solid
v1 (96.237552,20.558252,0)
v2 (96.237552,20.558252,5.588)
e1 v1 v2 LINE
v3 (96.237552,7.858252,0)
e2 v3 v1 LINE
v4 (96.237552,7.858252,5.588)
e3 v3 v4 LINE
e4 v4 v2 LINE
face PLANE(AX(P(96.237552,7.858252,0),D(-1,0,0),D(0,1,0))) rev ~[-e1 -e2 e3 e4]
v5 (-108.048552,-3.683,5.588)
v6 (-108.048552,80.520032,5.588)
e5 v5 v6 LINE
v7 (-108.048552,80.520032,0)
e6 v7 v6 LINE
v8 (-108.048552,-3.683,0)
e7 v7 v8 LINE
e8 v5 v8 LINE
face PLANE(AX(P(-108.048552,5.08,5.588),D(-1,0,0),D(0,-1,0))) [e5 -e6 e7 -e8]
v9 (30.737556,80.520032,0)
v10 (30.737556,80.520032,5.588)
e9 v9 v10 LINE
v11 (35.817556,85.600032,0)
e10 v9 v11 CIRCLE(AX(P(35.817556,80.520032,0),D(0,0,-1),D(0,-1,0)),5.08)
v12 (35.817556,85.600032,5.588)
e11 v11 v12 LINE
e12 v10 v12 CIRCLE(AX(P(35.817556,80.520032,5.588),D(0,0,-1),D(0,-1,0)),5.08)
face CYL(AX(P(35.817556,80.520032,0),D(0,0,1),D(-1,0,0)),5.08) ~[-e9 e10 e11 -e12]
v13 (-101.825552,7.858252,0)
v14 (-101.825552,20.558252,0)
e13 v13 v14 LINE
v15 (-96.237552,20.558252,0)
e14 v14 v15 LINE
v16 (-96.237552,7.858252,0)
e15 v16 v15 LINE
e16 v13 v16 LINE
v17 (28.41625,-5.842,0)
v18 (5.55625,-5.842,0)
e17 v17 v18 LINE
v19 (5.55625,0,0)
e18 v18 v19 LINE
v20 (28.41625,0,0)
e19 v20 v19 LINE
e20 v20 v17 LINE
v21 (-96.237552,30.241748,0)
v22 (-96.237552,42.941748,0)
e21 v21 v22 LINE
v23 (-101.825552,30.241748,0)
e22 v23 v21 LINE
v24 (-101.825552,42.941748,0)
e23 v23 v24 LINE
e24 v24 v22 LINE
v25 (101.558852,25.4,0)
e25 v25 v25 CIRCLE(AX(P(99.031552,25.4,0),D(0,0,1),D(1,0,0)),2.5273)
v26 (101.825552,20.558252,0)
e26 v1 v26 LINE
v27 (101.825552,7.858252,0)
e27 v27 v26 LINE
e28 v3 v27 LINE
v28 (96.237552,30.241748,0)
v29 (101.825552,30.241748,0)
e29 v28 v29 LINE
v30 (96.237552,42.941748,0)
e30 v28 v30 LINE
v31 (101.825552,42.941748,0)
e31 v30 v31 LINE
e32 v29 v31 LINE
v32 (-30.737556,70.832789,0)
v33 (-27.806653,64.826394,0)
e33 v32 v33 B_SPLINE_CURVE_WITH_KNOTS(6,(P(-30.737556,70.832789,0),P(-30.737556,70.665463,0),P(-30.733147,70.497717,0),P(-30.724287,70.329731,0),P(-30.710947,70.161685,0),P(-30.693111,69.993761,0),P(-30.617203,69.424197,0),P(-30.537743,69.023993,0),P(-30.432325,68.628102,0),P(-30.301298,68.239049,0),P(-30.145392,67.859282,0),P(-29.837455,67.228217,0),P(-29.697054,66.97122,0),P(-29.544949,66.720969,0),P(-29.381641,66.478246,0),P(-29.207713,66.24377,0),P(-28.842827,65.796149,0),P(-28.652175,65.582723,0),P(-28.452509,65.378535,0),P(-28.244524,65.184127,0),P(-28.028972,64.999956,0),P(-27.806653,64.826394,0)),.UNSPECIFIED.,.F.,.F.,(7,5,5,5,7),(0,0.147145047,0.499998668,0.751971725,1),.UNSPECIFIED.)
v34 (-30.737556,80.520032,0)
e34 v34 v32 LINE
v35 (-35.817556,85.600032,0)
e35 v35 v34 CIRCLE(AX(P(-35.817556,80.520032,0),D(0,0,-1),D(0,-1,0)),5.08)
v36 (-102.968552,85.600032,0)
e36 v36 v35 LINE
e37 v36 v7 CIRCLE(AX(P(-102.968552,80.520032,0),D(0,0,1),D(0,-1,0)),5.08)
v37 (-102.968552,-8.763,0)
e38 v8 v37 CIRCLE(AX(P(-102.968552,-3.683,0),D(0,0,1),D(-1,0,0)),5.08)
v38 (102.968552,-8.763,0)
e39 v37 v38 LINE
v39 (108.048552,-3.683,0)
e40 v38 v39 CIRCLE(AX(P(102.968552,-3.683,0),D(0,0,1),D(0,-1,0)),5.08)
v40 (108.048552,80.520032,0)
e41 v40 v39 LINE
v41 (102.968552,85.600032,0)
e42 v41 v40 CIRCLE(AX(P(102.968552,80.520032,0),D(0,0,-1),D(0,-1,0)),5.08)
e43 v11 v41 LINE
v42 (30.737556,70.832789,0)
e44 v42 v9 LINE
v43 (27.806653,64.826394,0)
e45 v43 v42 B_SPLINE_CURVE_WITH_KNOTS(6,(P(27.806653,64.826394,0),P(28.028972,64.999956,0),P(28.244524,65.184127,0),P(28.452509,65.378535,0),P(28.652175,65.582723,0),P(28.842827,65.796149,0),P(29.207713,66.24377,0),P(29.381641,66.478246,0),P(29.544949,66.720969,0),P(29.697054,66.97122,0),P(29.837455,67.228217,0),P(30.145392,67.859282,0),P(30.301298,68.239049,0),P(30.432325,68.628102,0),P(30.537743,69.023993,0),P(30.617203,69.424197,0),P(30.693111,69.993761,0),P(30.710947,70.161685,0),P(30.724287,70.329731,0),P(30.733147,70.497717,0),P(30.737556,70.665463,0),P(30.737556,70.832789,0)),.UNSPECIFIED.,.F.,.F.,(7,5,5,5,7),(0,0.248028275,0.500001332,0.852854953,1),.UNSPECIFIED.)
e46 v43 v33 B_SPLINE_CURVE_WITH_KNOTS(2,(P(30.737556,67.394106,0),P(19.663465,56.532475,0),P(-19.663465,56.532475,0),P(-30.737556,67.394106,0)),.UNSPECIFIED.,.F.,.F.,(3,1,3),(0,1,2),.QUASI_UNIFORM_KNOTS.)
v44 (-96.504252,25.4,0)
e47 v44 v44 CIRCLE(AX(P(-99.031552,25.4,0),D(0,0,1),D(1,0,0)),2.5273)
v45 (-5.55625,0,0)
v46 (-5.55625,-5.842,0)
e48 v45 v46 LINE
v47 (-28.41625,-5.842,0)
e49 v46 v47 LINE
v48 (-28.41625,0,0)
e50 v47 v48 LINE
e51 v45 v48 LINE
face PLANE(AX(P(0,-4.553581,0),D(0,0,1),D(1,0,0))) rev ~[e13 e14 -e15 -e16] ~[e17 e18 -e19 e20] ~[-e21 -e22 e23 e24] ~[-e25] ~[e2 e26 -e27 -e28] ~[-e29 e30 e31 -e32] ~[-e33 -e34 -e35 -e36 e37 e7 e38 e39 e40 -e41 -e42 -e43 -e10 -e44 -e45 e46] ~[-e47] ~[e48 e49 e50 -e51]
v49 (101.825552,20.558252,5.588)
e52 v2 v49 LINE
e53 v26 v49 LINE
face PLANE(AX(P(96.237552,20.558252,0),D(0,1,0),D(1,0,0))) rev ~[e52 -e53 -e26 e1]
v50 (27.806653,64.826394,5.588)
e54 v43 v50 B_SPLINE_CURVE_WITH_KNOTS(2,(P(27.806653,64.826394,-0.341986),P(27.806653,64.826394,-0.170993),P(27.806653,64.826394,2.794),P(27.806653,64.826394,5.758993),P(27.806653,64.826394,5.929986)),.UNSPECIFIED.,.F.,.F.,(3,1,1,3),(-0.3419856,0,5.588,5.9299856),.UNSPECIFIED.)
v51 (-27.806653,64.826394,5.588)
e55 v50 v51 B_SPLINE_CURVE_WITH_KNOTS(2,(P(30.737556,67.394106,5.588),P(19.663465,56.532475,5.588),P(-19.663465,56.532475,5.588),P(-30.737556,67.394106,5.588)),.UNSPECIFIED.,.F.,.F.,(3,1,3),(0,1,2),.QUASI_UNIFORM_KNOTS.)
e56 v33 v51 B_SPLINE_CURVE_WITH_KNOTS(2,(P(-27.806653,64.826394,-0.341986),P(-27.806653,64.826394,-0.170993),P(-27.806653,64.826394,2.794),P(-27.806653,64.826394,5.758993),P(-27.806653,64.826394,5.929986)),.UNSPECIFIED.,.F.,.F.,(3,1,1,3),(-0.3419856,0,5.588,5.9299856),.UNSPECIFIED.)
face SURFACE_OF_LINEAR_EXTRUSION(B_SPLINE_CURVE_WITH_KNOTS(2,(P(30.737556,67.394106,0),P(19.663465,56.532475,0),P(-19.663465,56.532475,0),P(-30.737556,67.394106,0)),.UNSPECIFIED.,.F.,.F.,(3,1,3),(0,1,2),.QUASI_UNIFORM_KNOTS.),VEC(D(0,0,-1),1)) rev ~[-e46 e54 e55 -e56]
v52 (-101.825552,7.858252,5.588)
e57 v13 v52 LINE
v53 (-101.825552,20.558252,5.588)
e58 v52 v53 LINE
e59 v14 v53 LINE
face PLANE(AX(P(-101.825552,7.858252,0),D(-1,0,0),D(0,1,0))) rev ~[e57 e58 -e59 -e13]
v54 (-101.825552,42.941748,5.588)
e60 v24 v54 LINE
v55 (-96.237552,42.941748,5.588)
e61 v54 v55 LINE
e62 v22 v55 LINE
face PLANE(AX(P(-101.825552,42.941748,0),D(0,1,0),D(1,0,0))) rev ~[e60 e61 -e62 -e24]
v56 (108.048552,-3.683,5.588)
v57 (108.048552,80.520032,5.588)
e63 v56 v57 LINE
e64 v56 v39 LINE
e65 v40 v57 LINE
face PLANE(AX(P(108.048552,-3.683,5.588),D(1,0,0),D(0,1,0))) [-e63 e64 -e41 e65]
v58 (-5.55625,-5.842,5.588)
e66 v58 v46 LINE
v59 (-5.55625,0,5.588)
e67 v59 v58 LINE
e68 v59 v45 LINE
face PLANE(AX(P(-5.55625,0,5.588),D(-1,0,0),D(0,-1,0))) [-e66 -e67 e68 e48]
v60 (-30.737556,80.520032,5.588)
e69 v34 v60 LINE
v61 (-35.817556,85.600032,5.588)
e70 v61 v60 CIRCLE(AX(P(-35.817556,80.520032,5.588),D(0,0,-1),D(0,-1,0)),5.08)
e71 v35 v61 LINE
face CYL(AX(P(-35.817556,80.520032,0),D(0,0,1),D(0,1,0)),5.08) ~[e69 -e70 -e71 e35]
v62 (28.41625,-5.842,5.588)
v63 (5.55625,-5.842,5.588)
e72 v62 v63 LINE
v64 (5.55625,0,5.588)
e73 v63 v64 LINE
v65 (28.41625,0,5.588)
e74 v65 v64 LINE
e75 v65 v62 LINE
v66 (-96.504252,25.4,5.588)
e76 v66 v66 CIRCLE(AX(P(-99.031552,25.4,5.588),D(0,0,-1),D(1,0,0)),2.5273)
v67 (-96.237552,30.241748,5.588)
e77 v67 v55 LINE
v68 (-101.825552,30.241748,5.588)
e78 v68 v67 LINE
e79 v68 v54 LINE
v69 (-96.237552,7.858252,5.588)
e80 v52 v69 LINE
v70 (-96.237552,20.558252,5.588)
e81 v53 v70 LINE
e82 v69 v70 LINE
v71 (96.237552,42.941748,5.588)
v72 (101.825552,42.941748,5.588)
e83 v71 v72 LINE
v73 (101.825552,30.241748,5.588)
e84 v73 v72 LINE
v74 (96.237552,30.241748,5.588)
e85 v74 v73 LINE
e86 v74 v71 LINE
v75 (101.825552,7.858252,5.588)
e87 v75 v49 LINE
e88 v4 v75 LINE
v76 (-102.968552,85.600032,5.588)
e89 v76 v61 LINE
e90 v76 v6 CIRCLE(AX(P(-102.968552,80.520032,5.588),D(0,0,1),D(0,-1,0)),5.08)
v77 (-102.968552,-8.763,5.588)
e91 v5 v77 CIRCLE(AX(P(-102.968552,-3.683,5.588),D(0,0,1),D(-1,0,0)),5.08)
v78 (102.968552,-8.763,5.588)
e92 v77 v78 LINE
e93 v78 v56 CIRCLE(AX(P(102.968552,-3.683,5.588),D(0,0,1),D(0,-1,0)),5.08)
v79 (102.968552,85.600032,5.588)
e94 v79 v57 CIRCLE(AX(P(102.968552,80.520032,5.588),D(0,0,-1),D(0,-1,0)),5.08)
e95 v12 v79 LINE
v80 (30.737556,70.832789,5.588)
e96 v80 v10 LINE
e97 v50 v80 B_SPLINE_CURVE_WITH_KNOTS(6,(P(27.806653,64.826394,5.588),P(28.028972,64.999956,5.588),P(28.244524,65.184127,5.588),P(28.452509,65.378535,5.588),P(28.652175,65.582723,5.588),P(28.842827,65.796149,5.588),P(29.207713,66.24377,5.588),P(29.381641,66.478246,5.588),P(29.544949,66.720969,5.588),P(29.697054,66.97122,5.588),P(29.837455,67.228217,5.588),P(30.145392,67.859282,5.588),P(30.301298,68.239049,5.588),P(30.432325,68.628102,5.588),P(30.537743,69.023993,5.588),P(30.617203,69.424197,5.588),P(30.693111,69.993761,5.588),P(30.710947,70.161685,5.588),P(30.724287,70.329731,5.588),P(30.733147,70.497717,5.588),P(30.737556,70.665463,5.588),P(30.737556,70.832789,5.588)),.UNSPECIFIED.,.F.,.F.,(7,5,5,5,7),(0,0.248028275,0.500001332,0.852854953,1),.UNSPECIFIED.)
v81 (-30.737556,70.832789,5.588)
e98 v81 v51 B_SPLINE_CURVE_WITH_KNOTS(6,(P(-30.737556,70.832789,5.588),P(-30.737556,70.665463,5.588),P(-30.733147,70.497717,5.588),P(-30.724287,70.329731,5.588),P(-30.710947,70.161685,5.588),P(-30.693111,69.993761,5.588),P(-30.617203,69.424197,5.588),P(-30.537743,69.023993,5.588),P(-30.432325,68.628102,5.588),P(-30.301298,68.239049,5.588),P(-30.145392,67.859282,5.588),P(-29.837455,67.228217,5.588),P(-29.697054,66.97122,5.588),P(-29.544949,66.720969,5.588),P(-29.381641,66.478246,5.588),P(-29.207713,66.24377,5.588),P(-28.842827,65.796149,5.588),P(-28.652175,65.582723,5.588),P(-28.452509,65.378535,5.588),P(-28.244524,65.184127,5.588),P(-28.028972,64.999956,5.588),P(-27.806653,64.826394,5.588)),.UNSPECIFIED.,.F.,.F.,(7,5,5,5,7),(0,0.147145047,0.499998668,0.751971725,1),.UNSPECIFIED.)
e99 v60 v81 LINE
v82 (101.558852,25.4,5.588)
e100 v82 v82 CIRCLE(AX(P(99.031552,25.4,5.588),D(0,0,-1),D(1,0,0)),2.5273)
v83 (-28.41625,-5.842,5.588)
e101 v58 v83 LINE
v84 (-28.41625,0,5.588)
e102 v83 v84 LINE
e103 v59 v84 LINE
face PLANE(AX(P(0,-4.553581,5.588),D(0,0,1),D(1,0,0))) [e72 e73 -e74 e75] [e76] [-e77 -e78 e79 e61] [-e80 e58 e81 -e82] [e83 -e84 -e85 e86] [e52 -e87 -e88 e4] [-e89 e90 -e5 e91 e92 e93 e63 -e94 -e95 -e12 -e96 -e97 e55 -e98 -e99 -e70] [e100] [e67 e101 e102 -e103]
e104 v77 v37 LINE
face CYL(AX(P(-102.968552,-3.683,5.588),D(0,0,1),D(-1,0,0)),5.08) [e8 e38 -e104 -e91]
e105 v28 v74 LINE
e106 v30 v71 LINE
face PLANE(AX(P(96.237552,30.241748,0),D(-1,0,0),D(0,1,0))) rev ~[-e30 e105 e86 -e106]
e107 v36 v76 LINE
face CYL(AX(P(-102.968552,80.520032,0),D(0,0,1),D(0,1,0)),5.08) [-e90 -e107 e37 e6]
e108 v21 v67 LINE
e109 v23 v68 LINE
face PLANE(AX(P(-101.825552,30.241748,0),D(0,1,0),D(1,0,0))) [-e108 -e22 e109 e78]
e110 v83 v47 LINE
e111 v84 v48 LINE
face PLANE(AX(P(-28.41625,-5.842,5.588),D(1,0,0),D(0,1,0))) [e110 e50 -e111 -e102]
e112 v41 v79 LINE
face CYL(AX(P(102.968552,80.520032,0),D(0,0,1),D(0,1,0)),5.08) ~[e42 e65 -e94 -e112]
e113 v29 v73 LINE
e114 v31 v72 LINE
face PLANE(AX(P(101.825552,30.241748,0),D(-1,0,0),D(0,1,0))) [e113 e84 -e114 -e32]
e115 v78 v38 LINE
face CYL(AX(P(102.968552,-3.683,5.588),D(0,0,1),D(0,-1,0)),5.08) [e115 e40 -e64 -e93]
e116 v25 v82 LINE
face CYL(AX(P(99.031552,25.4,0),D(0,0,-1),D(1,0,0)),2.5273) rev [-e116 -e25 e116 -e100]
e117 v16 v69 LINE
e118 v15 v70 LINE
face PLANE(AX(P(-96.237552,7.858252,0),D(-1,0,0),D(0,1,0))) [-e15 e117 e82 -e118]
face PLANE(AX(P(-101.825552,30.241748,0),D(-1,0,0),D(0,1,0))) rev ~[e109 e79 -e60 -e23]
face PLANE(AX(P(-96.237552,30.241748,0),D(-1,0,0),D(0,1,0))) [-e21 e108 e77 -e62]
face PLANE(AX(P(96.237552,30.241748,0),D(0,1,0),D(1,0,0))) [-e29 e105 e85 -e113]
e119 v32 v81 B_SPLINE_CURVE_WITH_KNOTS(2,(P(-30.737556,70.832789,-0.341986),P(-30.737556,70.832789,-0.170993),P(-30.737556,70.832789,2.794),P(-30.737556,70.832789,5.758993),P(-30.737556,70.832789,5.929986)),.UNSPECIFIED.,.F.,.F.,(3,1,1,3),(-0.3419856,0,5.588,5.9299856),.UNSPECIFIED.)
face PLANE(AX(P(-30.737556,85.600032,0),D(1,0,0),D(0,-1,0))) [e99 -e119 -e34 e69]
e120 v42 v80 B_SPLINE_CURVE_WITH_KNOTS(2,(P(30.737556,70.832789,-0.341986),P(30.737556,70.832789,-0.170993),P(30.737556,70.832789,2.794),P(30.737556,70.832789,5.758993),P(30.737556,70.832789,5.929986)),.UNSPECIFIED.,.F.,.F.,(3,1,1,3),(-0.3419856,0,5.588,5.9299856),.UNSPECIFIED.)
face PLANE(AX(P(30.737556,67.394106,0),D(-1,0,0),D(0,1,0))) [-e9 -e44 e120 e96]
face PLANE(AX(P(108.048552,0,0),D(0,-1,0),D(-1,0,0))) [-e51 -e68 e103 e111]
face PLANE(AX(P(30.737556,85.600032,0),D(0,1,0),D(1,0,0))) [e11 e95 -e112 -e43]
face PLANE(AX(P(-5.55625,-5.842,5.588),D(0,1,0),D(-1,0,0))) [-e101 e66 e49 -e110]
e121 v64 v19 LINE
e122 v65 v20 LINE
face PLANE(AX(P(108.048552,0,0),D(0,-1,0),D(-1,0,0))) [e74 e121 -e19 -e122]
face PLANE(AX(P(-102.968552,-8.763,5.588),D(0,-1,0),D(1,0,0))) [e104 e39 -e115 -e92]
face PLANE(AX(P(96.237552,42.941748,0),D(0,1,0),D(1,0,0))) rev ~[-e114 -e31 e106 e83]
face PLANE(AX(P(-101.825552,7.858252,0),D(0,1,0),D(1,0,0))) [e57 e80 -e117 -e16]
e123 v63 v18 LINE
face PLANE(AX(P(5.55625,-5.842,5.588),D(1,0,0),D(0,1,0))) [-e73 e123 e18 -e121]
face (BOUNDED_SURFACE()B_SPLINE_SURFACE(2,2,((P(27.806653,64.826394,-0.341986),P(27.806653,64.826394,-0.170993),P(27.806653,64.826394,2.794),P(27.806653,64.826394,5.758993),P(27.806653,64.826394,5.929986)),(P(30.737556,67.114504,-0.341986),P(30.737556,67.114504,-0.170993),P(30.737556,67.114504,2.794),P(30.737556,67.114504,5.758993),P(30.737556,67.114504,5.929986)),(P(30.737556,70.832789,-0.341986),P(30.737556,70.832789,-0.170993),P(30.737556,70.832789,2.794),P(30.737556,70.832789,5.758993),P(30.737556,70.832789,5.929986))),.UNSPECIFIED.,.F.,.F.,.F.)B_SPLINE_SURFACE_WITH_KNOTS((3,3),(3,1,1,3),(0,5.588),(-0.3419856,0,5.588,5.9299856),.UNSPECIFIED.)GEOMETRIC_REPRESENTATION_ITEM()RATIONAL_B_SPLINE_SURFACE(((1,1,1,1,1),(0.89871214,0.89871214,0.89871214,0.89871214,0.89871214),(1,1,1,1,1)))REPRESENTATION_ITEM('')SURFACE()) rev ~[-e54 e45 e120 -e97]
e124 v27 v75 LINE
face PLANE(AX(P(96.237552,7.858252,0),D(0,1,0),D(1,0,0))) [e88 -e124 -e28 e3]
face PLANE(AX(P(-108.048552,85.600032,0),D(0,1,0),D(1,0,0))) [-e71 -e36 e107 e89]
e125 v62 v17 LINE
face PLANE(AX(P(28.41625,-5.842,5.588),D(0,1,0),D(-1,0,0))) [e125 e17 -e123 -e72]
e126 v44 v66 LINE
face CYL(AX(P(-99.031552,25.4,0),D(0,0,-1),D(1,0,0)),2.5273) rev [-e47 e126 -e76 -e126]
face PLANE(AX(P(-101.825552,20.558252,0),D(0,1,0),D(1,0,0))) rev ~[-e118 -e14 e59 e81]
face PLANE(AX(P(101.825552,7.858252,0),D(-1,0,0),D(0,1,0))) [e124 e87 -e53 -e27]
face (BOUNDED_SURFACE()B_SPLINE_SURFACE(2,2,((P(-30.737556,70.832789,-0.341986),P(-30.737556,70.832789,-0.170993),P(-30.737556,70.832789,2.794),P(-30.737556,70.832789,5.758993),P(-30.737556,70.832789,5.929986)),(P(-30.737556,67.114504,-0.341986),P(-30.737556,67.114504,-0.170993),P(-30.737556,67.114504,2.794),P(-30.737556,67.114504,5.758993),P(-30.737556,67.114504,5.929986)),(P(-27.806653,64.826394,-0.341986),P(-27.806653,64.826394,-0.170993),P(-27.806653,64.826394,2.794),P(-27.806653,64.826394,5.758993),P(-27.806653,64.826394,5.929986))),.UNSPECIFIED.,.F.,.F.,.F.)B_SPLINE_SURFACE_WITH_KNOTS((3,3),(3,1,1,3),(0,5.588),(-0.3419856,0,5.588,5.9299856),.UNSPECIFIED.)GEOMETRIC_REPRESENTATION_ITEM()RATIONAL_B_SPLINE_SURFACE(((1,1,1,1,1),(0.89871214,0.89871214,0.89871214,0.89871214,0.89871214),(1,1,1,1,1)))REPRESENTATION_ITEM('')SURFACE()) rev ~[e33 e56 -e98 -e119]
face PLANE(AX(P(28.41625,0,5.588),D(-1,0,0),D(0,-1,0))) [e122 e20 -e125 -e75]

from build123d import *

# Parameters (mm, degrees)
BOSS_EXTRUDE1_DEPTH = 5.588
FILLET1_R           = 5.08
FILLET3_R           = 7.62
SKETCH3_R           = 2.5273
SKETCH3_W           = 5.588
SKETCH3_H           = 12.7
CUT_EXTRUDE2_DEPTH  = 138.960432195
BOSS_EXTRUDE3_DEPTH = 5.588


with BuildPart() as part:
    # Sketch1 → Boss-Extrude1 (new body)
    with BuildSketch(Plane.XY):
        with BuildLine():
            Line((-108.048552, 85.600032), (-30.737556, 85.600032))
            Line((-30.737556, 85.600032), (-30.737556, 67.394105789))
            add(Edge.make_bspline(
                [(-30.737556, 67.394105789), (-19.663465212, 56.532474897), (0, 56.532474897)],
                knots=[0, 0, 0, 1, 1, 1], degree=2))
            add(Edge.make_bspline(
                [(30.737556, 67.394105789), (19.663465212, 56.532474897), (0, 56.532474897)],
                knots=[0, 0, 0, 1, 1, 1], degree=2))
            Line((30.737556, 67.394105789), (30.737556, 85.600032))
            Line((30.737556, 85.600032), (108.048552, 85.600032))
            Line((108.048552, 85.600032), (108.048552, 0))
            Line((108.048552, 0), (-108.048552, 0))
            Line((-108.048552, 0), (-108.048552, 85.600032))
        make_face()
    extrude(amount=BOSS_EXTRUDE1_DEPTH)

    # Fillet1
    fillet1_edges = [part.edges().sort_by_distance(p)[0] for p in [
        (30.737556, 85.600032, 2.794),
        (108.048552, 85.600032, 2.794),
        (108.048552, 0, 2.794),
        (-108.048552, 0, 2.794),
        (-108.048552, 85.600032, 2.794),
        (-30.737556, 85.600032, 2.794),
    ]]
    fillet(fillet1_edges, radius=FILLET1_R)

    # Fillet3
    fillet3_edges = [part.edges().sort_by_distance(p)[0] for p in [
        (30.737556, 67.394105789, 2.794),
        (-30.737556, 67.394105789, 2.794),
    ]]
    fillet(fillet3_edges, radius=FILLET3_R)

    # Sketch3 → Cut-Extrude2 (cut, through all)
    with BuildSketch(Plane.XY):
        with Locations((-99.031552, 25.4)):
            Circle(SKETCH3_R)
        with Locations((99.031552, 25.4)):
            Circle(SKETCH3_R)
        with Locations((-99.031552, 14.208252)):
            Rectangle(SKETCH3_W, SKETCH3_H)
        with Locations((99.031552, 14.208252)):
            Rectangle(SKETCH3_W, SKETCH3_H)
        with Locations((-99.031552, 36.591748)):
            Rectangle(SKETCH3_W, SKETCH3_H)
        with Locations((99.031552, 36.591748)):
            Rectangle(SKETCH3_W, SKETCH3_H)
    extrude(amount=CUT_EXTRUDE2_DEPTH, mode=Mode.SUBTRACT)

    # Sketch5 → Boss-Extrude3 (add)
    with BuildSketch(Plane.XY.offset(5.588)):
        with BuildLine():
            ThreePointArc((-102.968552, 0), (-106.560654448, 1.487897552), (-108.048552, 5.08))
            Line((-108.048552, 5.08), (-108.048552, -3.683))
            ThreePointArc((-108.048552, -3.683), (-106.560654448, -7.275102448), (-102.968552, -8.763))
            Line((-102.968552, -8.763), (102.968552, -8.763))
            ThreePointArc((102.968552, -8.763), (106.560654448, -7.275102448), (108.048552, -3.683))
            Line((108.048552, -3.683), (108.048552, 5.08))
            ThreePointArc((108.048552, 5.08), (106.560654448, 1.487897552), (102.968552, 0))
            Line((102.968552, 0), (28.41625, 0))
            Line((28.41625, 0), (28.41625, -5.842))
            Line((28.41625, -5.842), (5.55625, -5.842))
            Line((5.55625, -5.842), (5.55625, 0))
            Line((5.55625, 0), (-5.55625, 0))
            Line((-5.55625, 0), (-5.55625, -5.842))
            Line((-5.55625, -5.842), (-28.41625, -5.842))
            Line((-28.41625, -5.842), (-28.41625, 0))
            Line((-28.41625, 0), (-102.968552, 0))
        make_face()
    extrude(amount=-BOSS_EXTRUDE3_DEPTH)


solid = part.part
